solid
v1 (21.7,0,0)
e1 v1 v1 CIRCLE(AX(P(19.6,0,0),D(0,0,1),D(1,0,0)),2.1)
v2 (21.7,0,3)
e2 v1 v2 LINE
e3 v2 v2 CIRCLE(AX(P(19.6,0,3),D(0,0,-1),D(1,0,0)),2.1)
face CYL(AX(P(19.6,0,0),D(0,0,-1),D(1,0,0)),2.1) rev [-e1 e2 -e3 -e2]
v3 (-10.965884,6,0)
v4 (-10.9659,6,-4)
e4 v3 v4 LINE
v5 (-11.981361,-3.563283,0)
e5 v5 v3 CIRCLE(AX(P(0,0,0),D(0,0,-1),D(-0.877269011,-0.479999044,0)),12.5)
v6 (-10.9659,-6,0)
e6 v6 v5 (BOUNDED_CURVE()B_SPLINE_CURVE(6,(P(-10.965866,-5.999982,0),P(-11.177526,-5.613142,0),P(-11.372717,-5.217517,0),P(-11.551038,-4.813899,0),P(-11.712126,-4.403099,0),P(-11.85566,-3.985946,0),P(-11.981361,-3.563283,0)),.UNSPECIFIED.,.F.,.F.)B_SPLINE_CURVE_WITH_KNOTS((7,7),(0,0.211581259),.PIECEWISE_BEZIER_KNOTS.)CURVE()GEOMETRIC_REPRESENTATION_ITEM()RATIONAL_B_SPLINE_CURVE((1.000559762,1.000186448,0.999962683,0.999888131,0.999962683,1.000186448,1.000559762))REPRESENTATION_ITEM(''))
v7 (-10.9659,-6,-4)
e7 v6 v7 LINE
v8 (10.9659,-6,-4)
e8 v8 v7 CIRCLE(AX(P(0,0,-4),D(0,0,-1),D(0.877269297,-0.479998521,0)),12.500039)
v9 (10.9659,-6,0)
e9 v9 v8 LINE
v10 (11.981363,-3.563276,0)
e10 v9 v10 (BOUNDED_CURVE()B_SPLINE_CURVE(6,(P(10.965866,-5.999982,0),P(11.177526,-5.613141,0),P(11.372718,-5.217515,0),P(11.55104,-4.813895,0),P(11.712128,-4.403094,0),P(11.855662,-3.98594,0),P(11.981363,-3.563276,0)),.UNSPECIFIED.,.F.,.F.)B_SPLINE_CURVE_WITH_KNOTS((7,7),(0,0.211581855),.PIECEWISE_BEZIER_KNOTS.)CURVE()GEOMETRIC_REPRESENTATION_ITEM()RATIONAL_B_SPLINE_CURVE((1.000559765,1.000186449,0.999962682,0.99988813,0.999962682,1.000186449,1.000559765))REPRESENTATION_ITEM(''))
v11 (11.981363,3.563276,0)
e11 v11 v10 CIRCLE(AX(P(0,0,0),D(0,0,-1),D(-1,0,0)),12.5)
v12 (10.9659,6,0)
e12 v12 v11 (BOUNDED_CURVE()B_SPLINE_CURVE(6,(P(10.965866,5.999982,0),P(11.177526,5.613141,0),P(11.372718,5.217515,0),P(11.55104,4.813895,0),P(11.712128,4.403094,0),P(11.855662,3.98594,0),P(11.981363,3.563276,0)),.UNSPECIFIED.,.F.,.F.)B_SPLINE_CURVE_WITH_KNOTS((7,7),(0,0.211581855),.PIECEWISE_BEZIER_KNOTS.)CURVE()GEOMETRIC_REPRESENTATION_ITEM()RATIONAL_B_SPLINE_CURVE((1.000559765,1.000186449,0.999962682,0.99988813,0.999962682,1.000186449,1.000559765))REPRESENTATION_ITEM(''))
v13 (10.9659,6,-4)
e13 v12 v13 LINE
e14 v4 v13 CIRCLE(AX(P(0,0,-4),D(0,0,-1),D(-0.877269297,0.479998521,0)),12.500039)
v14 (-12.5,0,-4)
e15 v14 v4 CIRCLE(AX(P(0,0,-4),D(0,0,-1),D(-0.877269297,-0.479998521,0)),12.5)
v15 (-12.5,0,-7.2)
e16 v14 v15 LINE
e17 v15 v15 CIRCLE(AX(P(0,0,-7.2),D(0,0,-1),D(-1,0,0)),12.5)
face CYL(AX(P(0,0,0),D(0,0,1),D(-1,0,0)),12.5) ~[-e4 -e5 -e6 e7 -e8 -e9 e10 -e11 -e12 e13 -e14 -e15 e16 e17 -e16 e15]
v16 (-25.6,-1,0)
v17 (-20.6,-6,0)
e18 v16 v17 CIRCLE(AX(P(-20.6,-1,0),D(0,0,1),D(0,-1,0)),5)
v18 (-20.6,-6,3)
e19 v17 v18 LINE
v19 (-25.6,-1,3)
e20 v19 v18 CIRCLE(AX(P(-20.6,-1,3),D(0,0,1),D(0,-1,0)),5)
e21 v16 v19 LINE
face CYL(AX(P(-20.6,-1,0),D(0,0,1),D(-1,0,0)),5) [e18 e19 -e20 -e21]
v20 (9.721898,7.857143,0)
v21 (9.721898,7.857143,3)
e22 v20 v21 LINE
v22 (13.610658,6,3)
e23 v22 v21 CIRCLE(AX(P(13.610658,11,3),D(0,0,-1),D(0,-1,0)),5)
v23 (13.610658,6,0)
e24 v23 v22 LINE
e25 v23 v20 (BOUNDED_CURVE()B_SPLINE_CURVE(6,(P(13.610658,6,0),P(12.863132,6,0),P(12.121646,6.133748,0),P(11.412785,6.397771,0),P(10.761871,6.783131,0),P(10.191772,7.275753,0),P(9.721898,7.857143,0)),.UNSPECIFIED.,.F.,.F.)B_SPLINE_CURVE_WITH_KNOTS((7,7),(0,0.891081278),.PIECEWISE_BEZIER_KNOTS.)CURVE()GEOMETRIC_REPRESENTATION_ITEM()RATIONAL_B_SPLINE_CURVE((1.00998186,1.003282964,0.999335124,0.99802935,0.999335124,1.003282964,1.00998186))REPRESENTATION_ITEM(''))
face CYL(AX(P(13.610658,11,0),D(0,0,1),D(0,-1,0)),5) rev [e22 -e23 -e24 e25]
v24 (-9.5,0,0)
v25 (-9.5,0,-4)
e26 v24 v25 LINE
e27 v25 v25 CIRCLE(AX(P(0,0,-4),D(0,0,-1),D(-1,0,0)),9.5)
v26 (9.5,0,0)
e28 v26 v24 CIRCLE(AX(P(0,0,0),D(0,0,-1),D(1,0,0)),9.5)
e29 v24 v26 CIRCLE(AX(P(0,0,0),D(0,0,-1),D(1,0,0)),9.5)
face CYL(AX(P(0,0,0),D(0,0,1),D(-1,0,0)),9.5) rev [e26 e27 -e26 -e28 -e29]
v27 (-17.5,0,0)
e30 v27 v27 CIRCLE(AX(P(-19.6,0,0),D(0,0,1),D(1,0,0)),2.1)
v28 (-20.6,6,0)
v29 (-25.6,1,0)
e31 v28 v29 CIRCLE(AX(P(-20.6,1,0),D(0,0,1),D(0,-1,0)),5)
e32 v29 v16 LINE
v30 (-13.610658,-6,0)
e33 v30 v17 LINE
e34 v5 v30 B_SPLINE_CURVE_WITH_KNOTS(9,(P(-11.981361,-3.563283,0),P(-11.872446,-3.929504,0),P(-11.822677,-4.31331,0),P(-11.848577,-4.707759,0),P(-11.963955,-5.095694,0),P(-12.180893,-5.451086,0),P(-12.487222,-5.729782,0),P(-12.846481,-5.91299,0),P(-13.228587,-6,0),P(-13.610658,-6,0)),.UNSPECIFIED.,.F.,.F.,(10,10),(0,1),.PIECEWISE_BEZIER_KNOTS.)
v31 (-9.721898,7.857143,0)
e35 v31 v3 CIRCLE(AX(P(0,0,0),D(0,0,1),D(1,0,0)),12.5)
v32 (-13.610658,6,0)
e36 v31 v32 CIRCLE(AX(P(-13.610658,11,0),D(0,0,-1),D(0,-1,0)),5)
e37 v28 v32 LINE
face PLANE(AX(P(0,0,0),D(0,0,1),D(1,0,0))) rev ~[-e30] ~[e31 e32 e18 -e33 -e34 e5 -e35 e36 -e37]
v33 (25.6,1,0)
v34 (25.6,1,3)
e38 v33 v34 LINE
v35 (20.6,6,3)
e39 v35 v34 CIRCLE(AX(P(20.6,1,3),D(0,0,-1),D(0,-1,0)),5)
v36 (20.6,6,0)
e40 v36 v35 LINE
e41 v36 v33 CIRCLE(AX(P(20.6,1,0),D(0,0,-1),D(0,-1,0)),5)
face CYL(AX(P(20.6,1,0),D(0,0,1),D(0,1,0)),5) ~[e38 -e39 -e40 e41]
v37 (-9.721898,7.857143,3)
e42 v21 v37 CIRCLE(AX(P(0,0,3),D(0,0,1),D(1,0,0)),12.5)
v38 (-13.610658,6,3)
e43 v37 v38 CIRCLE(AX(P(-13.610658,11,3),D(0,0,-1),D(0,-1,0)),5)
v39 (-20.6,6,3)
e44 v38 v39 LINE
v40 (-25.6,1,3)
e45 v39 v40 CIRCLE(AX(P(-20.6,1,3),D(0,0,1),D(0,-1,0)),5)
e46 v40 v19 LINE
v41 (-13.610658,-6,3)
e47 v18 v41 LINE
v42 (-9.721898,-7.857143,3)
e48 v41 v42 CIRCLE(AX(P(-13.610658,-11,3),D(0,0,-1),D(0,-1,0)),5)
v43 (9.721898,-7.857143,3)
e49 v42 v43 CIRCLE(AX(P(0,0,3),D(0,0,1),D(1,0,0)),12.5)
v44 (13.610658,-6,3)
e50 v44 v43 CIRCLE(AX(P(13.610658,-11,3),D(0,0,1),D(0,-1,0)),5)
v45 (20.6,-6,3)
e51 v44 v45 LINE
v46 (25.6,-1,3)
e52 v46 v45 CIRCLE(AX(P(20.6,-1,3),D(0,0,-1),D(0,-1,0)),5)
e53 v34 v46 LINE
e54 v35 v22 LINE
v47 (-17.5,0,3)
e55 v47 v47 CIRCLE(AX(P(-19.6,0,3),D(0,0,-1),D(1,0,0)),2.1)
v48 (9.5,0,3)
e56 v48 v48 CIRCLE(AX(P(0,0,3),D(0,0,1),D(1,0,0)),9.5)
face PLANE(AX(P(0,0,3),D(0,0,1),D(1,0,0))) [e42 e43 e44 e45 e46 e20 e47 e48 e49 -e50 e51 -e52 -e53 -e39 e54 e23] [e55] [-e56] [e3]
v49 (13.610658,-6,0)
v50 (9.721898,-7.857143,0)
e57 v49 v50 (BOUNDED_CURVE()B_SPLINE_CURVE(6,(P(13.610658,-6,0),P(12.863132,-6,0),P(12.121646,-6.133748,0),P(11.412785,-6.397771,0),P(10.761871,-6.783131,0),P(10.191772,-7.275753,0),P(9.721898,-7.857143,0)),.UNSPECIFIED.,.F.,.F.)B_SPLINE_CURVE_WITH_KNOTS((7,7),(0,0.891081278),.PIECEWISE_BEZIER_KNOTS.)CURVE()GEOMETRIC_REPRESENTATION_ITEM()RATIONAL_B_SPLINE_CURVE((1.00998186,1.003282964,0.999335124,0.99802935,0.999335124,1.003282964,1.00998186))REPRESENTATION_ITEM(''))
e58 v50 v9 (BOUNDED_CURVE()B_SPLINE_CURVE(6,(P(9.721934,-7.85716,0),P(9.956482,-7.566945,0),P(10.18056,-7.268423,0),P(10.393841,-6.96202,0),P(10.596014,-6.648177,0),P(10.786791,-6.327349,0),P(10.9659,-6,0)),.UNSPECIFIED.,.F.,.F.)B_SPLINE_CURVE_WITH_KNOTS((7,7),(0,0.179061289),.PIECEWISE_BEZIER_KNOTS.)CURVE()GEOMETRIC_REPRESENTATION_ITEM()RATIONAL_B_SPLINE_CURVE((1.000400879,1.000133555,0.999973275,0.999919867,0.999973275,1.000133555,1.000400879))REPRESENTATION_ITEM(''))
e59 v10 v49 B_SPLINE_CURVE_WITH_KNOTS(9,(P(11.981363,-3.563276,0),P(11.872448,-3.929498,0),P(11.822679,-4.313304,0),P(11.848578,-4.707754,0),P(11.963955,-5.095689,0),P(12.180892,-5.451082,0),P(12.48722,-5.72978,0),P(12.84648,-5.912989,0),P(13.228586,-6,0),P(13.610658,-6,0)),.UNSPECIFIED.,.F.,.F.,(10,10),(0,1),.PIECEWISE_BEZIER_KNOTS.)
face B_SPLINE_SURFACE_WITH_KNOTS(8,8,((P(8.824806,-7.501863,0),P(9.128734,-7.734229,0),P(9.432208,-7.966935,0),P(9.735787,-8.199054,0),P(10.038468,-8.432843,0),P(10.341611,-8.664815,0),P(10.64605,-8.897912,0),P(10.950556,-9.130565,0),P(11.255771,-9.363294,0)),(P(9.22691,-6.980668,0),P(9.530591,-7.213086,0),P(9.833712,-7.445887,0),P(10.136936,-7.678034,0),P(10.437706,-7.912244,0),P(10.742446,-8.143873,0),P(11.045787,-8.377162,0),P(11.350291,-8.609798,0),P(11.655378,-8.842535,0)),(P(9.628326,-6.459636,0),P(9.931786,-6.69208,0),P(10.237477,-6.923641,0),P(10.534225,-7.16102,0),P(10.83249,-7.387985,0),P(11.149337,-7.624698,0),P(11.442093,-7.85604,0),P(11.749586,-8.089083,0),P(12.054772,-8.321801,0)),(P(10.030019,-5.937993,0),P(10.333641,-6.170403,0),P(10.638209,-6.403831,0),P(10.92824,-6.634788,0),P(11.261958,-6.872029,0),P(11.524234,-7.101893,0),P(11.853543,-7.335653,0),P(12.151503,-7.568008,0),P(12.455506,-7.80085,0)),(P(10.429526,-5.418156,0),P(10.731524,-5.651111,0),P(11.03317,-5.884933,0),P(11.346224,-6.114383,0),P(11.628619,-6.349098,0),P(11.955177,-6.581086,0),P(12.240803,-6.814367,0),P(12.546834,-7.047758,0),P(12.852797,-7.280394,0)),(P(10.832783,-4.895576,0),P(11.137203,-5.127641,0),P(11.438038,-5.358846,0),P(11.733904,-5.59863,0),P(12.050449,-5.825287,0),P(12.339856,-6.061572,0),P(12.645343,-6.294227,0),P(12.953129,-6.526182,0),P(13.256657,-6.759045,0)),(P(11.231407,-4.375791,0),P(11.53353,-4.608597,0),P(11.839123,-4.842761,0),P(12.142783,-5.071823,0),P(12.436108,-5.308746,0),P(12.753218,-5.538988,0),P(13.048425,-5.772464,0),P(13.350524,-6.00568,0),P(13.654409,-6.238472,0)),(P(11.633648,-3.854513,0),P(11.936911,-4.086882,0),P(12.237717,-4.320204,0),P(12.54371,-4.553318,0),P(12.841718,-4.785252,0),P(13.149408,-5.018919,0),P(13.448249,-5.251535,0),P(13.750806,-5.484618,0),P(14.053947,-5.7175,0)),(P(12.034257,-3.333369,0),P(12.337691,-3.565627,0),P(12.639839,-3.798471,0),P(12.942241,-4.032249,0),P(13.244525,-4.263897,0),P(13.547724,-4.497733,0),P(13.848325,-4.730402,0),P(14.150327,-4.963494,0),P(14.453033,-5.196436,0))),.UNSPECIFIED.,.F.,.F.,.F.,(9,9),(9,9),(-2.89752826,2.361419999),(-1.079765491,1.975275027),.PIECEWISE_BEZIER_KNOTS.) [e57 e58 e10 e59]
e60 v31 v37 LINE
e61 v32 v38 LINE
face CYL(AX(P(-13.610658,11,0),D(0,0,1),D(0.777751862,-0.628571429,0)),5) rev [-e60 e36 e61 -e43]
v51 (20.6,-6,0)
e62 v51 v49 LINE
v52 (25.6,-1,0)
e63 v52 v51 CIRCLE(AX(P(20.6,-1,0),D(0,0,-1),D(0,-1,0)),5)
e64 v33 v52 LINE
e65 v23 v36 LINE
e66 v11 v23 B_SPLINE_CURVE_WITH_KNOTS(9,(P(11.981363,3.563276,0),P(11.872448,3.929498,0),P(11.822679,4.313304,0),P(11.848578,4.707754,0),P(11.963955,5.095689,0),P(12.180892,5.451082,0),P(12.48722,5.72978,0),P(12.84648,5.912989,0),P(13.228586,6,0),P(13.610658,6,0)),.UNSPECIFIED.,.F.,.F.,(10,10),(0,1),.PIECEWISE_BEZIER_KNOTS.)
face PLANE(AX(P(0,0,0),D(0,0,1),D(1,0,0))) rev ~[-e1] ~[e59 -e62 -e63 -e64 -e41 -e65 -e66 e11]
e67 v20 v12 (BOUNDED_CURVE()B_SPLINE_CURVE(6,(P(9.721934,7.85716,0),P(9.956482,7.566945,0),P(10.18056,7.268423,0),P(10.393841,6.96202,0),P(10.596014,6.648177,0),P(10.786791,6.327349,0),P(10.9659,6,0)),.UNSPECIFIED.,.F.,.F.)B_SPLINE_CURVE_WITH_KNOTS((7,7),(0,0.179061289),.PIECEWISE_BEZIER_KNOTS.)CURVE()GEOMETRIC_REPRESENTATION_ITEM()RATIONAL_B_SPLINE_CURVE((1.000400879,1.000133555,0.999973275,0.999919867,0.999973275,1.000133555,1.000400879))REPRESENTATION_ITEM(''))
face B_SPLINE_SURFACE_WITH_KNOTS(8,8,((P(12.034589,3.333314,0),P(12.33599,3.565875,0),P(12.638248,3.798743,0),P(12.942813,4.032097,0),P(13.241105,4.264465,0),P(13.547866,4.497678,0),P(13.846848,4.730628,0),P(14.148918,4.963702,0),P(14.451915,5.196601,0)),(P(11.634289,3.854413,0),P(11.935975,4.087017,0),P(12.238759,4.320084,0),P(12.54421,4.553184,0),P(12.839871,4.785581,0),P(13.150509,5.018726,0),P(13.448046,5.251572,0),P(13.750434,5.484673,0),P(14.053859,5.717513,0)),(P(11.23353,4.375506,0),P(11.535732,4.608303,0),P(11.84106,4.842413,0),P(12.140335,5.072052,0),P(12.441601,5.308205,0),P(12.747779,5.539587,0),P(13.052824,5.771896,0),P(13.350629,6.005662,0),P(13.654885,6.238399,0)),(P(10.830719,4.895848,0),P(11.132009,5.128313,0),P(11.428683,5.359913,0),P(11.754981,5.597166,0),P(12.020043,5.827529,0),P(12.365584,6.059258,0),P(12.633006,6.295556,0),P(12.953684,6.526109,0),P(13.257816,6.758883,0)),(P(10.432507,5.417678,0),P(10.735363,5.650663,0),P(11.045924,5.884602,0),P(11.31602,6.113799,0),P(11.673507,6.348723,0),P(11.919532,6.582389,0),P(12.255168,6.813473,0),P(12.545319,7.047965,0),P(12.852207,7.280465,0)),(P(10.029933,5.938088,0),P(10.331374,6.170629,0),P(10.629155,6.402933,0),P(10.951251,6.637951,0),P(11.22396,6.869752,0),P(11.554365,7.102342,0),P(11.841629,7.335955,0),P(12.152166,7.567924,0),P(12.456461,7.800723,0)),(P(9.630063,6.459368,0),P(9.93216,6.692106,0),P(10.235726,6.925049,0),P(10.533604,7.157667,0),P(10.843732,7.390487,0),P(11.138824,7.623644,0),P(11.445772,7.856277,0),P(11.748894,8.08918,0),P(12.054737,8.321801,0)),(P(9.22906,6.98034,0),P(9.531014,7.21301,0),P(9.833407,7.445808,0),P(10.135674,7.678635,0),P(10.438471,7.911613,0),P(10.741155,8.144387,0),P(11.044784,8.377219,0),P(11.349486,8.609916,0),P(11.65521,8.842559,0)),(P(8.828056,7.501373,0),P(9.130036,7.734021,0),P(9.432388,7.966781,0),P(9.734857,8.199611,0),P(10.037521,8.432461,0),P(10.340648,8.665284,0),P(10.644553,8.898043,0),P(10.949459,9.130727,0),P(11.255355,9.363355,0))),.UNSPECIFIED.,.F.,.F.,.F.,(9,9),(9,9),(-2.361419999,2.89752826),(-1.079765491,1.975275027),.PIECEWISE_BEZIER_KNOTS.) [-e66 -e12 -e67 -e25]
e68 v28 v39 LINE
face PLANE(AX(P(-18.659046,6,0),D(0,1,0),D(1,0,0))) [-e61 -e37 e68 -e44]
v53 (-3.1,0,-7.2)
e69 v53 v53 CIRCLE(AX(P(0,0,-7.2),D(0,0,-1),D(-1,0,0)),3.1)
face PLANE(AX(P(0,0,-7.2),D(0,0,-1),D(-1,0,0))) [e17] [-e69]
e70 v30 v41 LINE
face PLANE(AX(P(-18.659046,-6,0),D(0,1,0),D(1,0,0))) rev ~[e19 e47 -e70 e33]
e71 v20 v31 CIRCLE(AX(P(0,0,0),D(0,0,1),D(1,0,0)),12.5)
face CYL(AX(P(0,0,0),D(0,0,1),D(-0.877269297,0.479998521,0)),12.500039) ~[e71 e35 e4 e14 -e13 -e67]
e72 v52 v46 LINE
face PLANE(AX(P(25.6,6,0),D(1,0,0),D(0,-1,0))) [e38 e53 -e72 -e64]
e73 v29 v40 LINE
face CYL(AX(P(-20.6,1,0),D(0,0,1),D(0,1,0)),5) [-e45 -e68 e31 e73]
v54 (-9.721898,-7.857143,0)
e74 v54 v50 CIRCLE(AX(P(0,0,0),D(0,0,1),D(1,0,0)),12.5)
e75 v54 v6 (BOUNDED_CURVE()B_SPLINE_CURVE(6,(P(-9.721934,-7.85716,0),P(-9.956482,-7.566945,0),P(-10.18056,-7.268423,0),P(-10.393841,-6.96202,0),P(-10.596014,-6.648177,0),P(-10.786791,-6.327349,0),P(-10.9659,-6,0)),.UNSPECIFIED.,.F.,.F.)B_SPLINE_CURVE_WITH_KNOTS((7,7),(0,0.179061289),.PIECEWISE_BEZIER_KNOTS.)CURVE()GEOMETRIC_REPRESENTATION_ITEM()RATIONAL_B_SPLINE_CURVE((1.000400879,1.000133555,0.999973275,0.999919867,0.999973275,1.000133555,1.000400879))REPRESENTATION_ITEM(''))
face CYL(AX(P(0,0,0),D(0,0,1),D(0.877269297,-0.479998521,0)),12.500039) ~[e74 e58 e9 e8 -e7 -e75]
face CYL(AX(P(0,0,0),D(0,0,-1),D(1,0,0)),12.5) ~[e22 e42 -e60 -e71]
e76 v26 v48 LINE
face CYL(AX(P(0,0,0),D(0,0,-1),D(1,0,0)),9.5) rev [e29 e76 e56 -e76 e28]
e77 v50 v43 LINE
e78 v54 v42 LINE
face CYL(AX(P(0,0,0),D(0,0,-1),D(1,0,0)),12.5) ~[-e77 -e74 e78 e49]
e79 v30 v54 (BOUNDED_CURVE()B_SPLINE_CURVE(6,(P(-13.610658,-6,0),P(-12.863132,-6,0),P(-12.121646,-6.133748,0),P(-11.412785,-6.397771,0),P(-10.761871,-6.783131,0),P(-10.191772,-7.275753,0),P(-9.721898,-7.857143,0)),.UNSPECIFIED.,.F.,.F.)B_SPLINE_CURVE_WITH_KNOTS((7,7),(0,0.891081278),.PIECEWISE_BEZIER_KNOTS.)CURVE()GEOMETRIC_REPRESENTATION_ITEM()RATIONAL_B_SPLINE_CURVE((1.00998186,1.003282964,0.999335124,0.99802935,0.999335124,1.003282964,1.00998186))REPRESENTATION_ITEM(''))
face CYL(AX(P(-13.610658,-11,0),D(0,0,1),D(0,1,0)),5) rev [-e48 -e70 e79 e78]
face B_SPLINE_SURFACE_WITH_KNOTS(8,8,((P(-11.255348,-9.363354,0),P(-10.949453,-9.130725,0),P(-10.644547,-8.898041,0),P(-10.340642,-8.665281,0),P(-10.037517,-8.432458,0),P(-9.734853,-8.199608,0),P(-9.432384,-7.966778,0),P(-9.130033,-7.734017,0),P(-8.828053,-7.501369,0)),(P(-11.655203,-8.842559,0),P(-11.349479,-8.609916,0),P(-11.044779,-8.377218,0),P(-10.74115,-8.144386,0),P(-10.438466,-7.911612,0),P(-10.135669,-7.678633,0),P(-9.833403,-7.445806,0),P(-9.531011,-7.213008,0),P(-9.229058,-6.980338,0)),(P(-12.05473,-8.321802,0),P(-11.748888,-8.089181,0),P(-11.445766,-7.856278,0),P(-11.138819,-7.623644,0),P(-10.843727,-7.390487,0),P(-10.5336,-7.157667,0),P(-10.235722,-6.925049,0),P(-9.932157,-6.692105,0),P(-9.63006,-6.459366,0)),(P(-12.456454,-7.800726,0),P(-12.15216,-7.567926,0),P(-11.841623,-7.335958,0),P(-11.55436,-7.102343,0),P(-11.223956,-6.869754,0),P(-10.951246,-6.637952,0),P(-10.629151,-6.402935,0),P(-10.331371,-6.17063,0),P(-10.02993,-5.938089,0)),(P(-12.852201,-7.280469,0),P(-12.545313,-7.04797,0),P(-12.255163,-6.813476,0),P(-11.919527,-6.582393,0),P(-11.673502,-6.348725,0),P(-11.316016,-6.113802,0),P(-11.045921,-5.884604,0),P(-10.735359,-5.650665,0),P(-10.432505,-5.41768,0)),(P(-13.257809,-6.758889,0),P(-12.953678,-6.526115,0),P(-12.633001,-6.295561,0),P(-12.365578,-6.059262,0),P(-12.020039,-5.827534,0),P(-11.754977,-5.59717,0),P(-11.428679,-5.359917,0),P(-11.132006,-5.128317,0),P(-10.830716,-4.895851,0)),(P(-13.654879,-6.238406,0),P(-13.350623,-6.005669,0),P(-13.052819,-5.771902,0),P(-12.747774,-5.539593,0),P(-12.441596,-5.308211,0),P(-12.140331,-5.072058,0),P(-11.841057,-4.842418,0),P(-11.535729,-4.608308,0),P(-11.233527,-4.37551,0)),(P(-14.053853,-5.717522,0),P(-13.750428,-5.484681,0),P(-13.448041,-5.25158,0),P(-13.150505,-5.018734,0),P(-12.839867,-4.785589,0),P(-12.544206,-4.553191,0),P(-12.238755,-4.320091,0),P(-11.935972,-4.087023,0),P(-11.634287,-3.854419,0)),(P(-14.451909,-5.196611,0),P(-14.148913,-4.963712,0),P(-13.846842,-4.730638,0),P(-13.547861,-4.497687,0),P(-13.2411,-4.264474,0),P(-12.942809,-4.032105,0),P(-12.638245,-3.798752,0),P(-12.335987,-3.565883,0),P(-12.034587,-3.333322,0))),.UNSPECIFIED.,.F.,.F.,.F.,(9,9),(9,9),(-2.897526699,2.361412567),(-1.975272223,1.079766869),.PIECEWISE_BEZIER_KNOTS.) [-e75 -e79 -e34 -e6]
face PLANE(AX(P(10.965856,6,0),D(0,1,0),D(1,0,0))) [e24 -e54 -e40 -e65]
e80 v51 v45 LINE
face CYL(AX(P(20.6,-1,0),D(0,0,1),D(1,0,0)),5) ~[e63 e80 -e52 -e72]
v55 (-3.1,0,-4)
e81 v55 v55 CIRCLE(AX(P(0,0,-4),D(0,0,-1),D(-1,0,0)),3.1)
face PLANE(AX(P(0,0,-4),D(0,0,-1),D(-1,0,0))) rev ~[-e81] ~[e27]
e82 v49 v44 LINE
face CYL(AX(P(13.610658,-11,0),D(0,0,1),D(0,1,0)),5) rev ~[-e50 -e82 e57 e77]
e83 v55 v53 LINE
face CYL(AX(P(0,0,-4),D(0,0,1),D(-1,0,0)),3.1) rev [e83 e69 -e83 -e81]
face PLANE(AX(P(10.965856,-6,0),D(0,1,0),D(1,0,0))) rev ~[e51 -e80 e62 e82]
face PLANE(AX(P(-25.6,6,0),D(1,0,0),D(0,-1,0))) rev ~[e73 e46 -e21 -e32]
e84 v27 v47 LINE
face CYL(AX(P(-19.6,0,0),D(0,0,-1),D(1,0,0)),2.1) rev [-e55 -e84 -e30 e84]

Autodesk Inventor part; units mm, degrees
ref_plane "YZ Plane" through (0, 0, 0) normal (1, 0, 0) x (0, 1, 0)
ref_plane "XZ Plane" through (0, 0, 0) normal (0, 1, 0) x (-1, 0, 0)
ref_plane "XY Plane" through (0, 0, 0) normal (0, 0, 1) x (1, 0, 0)
sketch "Эскиз1" plane through (0, 0, 0) normal (0, 0, 1) x (1, 0, 0)
  circle A0 centre (0, 0) radius 9.5
  circle A1 centre (0, 0) radius 12.5
  circle A2 centre (0, 0) radius 19.6
  circle A3 centre (-19.6, 0) radius 2.1
  circle A4 centre (19.6, 0) radius 2.1
  line L0 (-21.7, 0) -> (21.7, 0)
  line L1 (-25.6, 6) -> (25.6, 6)
  line L2 (-25.6, -6) -> (25.6, -6)
  line L3 (-25.6, 6) -> (-25.6, -6)
  line L4 (0, 0) -> (0, 6)
  line L5 (25.6, 6) -> (25.6, -6)
  point P0 (10.9659, -6)
  point P1 (10.9659, 6)
  point P2 (-10.9659, 6)
  point P3 (-10.9659, -6)
  dimension "d3" = 4.2
  dimension "d4" = 4.2
  dimension "d0" = 19
  dimension "d1" = 25
  dimension "d2" = 39.2
  dimension "d5" = 6
  dimension "d6" = 6
  dimension "d7" = 6
extrude "Выдавливание1" add sketch "Эскиз1" along normal blind 3 contours L0 A1 L2 A0 | A0 L1 A1 L0 | A0 L1 A1 | L2 A1 A0 | L0 A4 A2 L2 A1 | A1 L1 A2 A4 L0 | A0 L0 A1 L1 | L2 A1 L0 A0 | A1 L0 A3 A2 L1 | L1 L5 L2 A2 A4 | L2 A2 A3 L0 A1 | A2 A3 L2 L3 L1
sketch "Эскиз2" plane through (0, 0, 0) normal (0, 0, -1) x (-1, 0, 0)
  line L0 (-25.6, -6) -> (-25.6, 6) projected
  line L1 (-10.9659, -6) -> (-25.6, -6) projected
  arc A0 (-10.9659, -6) -> (10.9659, -6) centre (0, 0) ccw projected
  line L2 (25.6, -6) -> (10.9659, -6) projected
  line L3 (25.6, 6) -> (25.6, -6) projected
  line L4 (10.9659, 6) -> (25.6, 6) projected
  arc A1 (10.9659, 6) -> (-10.9659, 6) centre (0, 0) ccw projected
  line L5 (-25.6, 6) -> (-10.9659, 6) projected
  circle A2 centre (-19.6, 0) radius 2.1 projected
  circle A3 centre (19.6, 0) radius 2.1 projected
  circle A4 centre (0, 0) radius 9.5 projected
  circle A5 centre (0, 0) radius 12.5
  point P0 (-10.9659, 6)
extrude "Выдавливание2" add sketch "Эскиз2" along normal blind 4 contours A5 A1 A0
sketch "Эскиз3" plane through (0, 0, -4) normal (0, 0, -1) x (-1, 0, 0)
  circle A0 centre (0, 0) radius 12.5 projected
  circle A1 centre (0, 0) radius 9.5 projected
  circle A2 centre (0, 0) radius 3.1
  dimension "d12" = 6.2
extrude "Выдавливание3" add sketch "Эскиз3" along normal blind 3.2 contours A0 | A1
fillet "Сопряжение1" radius 5 8 edges at (-25.6, 6, 1.5) (-25.6, -6, 1.5) (25.6, 6, 1.5) (25.6, -6, 1.5) (10.9659, -6, 1.5) (10.9659, 6, 1.5) (-10.9659, 6, 1.5) (-10.9659, -6, 1.5)
properties part number "для подшипника 25-26"
